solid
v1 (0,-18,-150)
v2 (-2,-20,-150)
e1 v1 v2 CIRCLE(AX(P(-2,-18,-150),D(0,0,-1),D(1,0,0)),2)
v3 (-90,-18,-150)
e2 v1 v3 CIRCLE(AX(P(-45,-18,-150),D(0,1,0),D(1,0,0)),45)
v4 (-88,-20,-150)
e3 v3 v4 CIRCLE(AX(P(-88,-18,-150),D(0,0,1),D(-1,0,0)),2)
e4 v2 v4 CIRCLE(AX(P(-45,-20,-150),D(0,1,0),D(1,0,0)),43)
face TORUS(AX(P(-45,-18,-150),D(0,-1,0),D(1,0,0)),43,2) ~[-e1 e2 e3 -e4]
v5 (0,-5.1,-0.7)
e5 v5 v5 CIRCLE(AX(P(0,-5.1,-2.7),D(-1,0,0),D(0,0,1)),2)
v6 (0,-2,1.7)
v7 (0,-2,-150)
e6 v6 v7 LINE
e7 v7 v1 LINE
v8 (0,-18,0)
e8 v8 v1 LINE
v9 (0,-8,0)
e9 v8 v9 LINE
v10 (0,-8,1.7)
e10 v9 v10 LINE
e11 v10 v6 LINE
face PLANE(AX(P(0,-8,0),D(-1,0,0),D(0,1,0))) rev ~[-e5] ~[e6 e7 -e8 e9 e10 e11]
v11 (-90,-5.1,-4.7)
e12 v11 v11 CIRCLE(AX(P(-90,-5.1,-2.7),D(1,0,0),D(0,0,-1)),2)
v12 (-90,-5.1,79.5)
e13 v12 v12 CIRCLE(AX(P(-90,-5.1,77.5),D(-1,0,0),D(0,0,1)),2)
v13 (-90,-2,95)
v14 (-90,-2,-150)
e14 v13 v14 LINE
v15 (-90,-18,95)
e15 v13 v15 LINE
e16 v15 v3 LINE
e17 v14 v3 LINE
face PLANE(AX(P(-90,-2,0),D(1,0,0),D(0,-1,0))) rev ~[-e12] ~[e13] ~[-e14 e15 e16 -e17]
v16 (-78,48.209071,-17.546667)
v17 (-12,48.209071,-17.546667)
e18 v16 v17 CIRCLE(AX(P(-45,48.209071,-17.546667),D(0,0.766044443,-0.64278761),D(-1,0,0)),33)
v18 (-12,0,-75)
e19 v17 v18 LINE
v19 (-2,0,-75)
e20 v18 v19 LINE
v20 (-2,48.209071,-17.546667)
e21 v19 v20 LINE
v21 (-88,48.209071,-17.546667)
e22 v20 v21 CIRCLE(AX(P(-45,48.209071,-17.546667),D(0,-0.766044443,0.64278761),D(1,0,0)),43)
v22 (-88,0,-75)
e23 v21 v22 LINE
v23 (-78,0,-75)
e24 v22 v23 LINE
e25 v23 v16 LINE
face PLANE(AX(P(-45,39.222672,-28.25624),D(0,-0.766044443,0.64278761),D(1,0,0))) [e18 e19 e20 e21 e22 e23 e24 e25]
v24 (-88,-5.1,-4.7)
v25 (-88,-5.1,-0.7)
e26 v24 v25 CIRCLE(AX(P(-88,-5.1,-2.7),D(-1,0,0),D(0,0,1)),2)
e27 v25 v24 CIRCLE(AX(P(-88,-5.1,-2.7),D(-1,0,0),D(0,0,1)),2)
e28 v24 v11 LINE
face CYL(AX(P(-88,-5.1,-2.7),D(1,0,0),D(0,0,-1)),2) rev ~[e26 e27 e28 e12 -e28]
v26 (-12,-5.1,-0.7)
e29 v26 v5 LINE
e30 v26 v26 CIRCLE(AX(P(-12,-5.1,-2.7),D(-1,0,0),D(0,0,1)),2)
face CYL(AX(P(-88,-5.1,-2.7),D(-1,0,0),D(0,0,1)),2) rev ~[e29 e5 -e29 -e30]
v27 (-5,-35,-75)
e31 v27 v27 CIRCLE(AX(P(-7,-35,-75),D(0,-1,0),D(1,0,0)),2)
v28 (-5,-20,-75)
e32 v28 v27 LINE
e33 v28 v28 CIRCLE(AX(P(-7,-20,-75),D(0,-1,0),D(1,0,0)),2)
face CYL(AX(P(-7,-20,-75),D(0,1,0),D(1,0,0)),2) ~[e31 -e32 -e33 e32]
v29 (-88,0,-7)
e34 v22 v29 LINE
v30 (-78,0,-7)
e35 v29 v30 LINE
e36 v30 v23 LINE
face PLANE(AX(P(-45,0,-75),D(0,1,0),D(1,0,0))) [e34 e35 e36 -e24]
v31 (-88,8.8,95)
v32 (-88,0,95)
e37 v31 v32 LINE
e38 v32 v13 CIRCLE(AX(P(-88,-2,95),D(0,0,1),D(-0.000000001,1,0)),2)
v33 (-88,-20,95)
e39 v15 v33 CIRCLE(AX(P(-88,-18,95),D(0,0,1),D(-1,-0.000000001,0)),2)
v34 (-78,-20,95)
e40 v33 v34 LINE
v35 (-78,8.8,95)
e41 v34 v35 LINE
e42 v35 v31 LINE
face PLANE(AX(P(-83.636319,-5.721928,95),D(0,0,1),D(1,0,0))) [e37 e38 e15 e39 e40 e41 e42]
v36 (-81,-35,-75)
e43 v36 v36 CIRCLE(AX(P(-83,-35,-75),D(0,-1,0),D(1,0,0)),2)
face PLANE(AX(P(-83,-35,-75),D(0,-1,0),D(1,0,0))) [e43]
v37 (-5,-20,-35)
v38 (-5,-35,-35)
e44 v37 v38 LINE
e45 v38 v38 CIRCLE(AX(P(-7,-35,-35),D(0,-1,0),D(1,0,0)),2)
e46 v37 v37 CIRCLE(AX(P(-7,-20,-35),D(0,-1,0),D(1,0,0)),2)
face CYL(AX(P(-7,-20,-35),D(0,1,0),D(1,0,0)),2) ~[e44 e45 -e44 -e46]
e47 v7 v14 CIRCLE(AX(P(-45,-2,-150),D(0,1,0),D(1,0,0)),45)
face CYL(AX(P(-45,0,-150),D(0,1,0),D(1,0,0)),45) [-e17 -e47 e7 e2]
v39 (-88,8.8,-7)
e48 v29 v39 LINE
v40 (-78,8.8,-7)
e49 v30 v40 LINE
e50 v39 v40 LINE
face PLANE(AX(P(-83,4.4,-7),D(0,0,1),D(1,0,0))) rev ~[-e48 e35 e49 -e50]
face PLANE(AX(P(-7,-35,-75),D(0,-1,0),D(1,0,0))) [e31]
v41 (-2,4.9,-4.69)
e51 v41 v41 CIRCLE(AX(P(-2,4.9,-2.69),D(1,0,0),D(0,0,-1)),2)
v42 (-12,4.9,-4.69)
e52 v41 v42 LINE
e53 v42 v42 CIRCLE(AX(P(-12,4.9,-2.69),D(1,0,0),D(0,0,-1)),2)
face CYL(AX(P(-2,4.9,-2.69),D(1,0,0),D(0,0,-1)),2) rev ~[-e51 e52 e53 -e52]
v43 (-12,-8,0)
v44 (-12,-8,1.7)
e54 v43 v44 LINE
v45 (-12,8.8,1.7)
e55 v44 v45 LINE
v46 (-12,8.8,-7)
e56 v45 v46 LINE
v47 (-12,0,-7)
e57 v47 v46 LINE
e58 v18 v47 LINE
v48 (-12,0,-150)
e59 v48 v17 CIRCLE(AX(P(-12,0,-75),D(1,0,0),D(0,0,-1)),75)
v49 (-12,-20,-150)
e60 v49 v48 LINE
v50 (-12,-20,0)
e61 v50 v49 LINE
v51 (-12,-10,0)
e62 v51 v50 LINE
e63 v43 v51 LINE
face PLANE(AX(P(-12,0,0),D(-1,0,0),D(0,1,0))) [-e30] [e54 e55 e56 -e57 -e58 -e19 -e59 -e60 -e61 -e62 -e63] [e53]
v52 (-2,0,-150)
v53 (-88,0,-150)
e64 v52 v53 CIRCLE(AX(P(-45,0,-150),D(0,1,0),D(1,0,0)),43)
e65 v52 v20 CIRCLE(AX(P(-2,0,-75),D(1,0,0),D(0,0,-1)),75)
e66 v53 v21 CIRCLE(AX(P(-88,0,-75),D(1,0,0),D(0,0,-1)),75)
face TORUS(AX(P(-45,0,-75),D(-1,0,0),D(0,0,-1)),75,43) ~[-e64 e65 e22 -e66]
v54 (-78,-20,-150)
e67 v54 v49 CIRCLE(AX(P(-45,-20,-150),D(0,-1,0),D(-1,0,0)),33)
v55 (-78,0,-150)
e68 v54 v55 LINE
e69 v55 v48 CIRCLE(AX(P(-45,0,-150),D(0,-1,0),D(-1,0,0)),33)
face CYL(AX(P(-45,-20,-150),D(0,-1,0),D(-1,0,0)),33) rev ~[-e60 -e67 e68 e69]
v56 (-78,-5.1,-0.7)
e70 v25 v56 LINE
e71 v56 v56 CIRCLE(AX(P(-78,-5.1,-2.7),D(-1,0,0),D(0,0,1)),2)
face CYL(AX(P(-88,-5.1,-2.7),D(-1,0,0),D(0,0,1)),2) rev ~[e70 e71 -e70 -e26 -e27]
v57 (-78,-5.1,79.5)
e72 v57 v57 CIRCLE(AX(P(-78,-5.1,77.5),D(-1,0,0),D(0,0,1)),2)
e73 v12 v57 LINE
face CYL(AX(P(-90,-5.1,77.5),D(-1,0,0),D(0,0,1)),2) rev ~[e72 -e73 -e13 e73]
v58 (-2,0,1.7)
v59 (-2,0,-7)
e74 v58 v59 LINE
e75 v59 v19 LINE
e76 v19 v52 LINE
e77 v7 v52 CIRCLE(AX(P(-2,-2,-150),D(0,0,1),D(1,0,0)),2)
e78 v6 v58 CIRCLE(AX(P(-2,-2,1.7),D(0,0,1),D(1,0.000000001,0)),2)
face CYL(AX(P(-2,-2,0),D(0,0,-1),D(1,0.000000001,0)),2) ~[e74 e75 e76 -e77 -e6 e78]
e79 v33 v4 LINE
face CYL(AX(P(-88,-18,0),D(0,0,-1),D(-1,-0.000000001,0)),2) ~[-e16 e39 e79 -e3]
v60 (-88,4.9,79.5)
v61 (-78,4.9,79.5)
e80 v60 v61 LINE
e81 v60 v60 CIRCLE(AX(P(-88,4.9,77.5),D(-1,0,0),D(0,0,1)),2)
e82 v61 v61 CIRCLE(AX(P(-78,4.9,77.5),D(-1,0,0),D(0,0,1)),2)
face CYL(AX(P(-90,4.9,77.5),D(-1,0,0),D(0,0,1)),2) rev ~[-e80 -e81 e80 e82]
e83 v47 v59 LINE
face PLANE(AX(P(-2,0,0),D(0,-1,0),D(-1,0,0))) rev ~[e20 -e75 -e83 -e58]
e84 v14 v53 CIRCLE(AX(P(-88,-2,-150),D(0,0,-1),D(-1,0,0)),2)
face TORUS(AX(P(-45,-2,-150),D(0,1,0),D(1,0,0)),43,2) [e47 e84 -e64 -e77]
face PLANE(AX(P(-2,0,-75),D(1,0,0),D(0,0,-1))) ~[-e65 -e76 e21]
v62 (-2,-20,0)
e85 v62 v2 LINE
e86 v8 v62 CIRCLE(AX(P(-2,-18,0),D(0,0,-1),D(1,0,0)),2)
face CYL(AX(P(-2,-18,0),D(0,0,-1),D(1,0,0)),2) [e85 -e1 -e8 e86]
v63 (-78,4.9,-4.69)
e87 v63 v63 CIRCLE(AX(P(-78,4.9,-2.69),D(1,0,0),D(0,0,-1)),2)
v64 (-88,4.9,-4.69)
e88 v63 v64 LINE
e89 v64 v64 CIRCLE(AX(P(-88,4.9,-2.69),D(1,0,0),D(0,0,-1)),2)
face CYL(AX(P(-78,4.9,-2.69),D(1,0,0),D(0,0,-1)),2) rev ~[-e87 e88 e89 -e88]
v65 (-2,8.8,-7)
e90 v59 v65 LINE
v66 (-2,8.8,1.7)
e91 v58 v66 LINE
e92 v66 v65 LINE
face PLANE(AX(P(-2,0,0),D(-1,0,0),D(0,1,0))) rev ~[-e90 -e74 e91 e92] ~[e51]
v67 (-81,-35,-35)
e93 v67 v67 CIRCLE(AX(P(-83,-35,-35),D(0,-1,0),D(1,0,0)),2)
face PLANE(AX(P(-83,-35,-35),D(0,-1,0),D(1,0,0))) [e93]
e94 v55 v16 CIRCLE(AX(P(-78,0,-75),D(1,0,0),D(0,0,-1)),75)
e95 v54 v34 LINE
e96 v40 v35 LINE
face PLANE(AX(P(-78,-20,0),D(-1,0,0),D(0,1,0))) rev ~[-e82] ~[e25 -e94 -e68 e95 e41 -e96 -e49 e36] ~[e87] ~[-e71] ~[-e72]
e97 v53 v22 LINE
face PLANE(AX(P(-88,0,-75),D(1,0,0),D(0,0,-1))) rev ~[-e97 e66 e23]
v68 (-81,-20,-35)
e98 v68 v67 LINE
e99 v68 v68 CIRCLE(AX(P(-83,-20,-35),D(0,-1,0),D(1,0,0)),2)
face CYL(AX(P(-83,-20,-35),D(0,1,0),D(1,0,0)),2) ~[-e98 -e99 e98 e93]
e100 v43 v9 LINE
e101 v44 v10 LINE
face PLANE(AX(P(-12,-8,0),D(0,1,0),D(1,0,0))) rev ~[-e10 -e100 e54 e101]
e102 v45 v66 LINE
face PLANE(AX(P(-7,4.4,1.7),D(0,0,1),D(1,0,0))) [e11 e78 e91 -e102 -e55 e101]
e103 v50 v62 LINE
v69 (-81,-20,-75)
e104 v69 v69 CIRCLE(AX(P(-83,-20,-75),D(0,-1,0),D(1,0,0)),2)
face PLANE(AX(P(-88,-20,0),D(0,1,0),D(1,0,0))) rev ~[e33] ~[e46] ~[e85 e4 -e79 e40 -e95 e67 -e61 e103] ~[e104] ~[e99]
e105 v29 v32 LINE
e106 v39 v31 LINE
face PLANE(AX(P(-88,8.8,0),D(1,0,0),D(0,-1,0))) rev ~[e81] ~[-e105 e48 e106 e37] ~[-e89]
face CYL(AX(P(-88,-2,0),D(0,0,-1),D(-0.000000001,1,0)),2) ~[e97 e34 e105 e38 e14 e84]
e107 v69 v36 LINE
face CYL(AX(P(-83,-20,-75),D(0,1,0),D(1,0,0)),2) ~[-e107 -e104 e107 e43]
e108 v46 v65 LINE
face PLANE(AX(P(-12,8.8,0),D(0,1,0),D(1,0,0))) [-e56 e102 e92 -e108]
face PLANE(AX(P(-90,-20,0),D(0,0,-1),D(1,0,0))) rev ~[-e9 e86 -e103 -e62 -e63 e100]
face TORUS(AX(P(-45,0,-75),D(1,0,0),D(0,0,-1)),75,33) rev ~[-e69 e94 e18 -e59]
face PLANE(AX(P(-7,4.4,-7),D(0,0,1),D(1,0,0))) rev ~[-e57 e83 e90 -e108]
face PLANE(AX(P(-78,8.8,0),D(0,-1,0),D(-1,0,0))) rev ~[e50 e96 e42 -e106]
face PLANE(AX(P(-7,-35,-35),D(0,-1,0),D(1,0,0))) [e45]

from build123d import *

# Parameters (mm, degrees)
BOSS_EXTRUDE1_DEPTH  = 20
FILLET1_R            = 2
CUT_EXTRUDE3_DEPTH   = 15
REVOLVE1_ANGLE       = 140
CUT_EXTRUDE5_DEPTH   = 20
SKETCH12_R           = 2
BOSS_EXTRUDE3_DEPTH  = 15
SKETCH14_W           = 90
SKETCH14_H           = 51.446942877
CUT_EXTRUDE6_DEPTH   = 10
SKETCH15_R           = 2
BOSS_EXTRUDE4_DEPTH  = 25
SKETCH19_W           = 2
SKETCH19_H           = 5
CUT_EXTRUDE7_DEPTH   = 150
SKETCH21_W           = 90
SKETCH21_H           = 51.374670228
CUT_EXTRUDE9_DEPTH   = 40
CUT_EXTRUDE10_DEPTH  = 20
BOSS_EXTRUDE6_DEPTH  = 1.7
SKETCH28_W           = 10
SKETCH28_H           = 8.8
BOSS_EXTRUDE7_DEPTH  = 7
SKETCH29_W           = 10
SKETCH29_H           = 8.8
BOSS_EXTRUDE8_DEPTH  = 1.7
SKETCH30_R           = 2
CUT_EXTRUDE11_DEPTH  = 89
SKETCH31_W           = 10
SKETCH31_H           = 8.8
BOSS_EXTRUDE9_DEPTH  = 7
SKETCH32_R           = 2
CUT_EXTRUDE12_DEPTH  = 20
SKETCH34_R           = 2
CUT_EXTRUDE13_DEPTH  = 89
SKETCH35_R           = 2
CUT_EXTRUDE14_DEPTH  = 20
BOSS_EXTRUDE10_DEPTH = 95
SKETCH39_R           = 2
CUT_EXTRUDE15_DEPTH  = 80


with BuildPart() as part:
    # Sketch1 → Boss-Extrude1 (new body)
    with BuildSketch(Plane(origin=(0, 0, 0), x_dir=(1, 0, 0), z_dir=(0, 1, 0))):
        with BuildLine():
            Line((0, 0), (0, 150))
            ThreePointArc((0, 150), (-45, 195), (-90, 150))
            Line((-90, 150), (-90, 0))
            ThreePointArc((-90, 0), (-45, -45), (0, 0))
        make_face()
    extrude(amount=-BOSS_EXTRUDE1_DEPTH)

    # Fillet1
    fillet1_edges = [part.edges().sort_by_distance(p)[0] for p in [
        (-45, -20, -195),
        (-90, -20, -75),
        (-45, -20, 45),
        (-90, 0, -75),
        (-45, 0, -195),
        (0, 0, -75),
        (-45, 0, 45),
        (0, -20, -75),
    ]]
    fillet(fillet1_edges, radius=FILLET1_R)

    # Sketch5 → Cut-Extrude3 (cut)
    with BuildSketch(Plane(origin=(0, 0, 0), x_dir=(1, 0, 0), z_dir=(0, 1, 0))):
        with BuildLine():
            Line((-78, 0), (-78, 150))
            ThreePointArc((-78, 150), (-45, 183), (-12, 150))
            Line((-12, 150), (-12, 0))
            ThreePointArc((-12, 0), (-45, -33), (-78, 0))
        make_face()
    extrude(amount=-CUT_EXTRUDE3_DEPTH, mode=Mode.SUBTRACT)

    # Sketch8 → Revolve1 (revolve)
    with BuildSketch(Plane(origin=(0, 0, 0), x_dir=(1, 0, 0), z_dir=(0, 1, 0))):
        with BuildLine():
            Line((-2, 75), (-2, 150))
            ThreePointArc((-2, 150), (-45, 193), (-88, 150))
            Line((-88, 150), (-88, 75))
            Line((-88, 75), (-78, 75))
            Line((-78, 75), (-78, 150))
            ThreePointArc((-78, 150), (-45, 183), (-12, 150))
            Line((-12, 150), (-12, 75))
            Line((-12, 75), (-2, 75))
        make_face()
    revolve(axis=Axis((-12, 0, -75), (1, 0, 0)), revolution_arc=REVOLVE1_ANGLE)

    # Sketch11 → Cut-Extrude5 (cut)
    with BuildSketch(Plane.XZ.offset(20)):
        with BuildLine():
            Line((-76, -150), (-76, 0))
            ThreePointArc((-76, 0), (-45, 31), (-14, 0))
            Line((-14, 0), (-14, -150))
            ThreePointArc((-14, -150), (-45, -181), (-76, -150))
        make_face()
    extrude(amount=-CUT_EXTRUDE5_DEPTH, mode=Mode.SUBTRACT)

    # Sketch12 → Boss-Extrude3 (add)
    with BuildSketch(Plane.XZ.offset(20)):
        with Locations((-83, -75)):
            Circle(SKETCH12_R)
        with Locations((-83, -35)):
            Circle(SKETCH12_R)
        with Locations((-83, 5)):
            Circle(SKETCH12_R)
        with Locations((-7, 5)):
            Circle(SKETCH12_R)
        with Locations((-7, -35)):
            Circle(SKETCH12_R)
        with Locations((-7, -75)):
            Circle(SKETCH12_R)
    extrude(amount=BOSS_EXTRUDE3_DEPTH)

    # Sketch14 → Cut-Extrude6 (cut)
    with BuildSketch(Plane.XZ.offset(20)):
        with Locations((-45, 25.723471439)):
            Rectangle(SKETCH14_W, SKETCH14_H)
    extrude(amount=-CUT_EXTRUDE6_DEPTH, mode=Mode.SUBTRACT)

    # Sketch15 → Boss-Extrude4 (add)
    with BuildSketch(Plane.XZ.offset(35)):
        with Locations((-7, 5)):
            Circle(SKETCH15_R)
        with Locations((-83, 5)):
            Circle(SKETCH15_R)
    extrude(amount=-BOSS_EXTRUDE4_DEPTH)

    # Sketch19 → Cut-Extrude7 (cut)
    with BuildSketch(Plane.XY):
        with Locations((-13, -17.5)):
            Rectangle(SKETCH19_W, SKETCH19_H)
        with Locations((-77, -17.5)):
            Rectangle(SKETCH19_W, SKETCH19_H)
    extrude(amount=-CUT_EXTRUDE7_DEPTH, mode=Mode.SUBTRACT)

    # Sketch21 → Cut-Extrude9 (cut)
    with BuildSketch(Plane(origin=(0, -35, 0), x_dir=(-1, 0, 0), z_dir=(0, -1, 0))):
        with Locations((45, -25.687335114)):
            Rectangle(SKETCH21_W, SKETCH21_H)
    extrude(amount=-CUT_EXTRUDE9_DEPTH, mode=Mode.SUBTRACT)

    # Sketch24 → Cut-Extrude10 (cut)
    with BuildSketch(Plane(origin=(0, -20, 0), x_dir=(-1, 0, 0), z_dir=(0, -1, 0))):
        with BuildLine():
            Line((12, 150), (14, 150))
            ThreePointArc((14, 150), (45, 181), (76, 150))
            Line((76, 150), (78, 150))
            ThreePointArc((78, 150), (45, 183), (12, 150))
        make_face()
    extrude(amount=-CUT_EXTRUDE10_DEPTH, mode=Mode.SUBTRACT)

    # Sketch26 → Boss-Extrude6 (add)
    with BuildSketch(Plane.XY):
        with BuildLine():
            Line((-2, 0), (-12, 0))
            Line((-12, 0), (-12, -8))
            Line((-12, -8), (-2, -8))
            Line((-2, -8), (0, -8))
            Line((0, -8), (0, -2))
            ThreePointArc((0, -2), (-0.585786438, -0.585786438), (-2, 0))
        make_face()
    extrude(amount=BOSS_EXTRUDE6_DEPTH)

    # Sketch28 → Boss-Extrude7 (add)
    with BuildSketch(Plane.XY):
        with Locations((-7, 4.4)):
            Rectangle(SKETCH28_W, SKETCH28_H)
    extrude(amount=-BOSS_EXTRUDE7_DEPTH)

    # Sketch29 → Boss-Extrude8 (add)
    with BuildSketch(Plane.XY):
        with Locations((-7, 4.4)):
            Rectangle(SKETCH29_W, SKETCH29_H)
    extrude(amount=BOSS_EXTRUDE8_DEPTH)

    # Sketch30 → Cut-Extrude11 (cut, through all)
    with BuildSketch(Plane(origin=(-2, 0, 0), x_dir=(0, 0, -1), z_dir=(1, 0, 0))):
        with Locations((2.69, 4.9)):
            Circle(SKETCH30_R)
    extrude(amount=-CUT_EXTRUDE11_DEPTH, mode=Mode.SUBTRACT)

    # Sketch31 → Boss-Extrude9 (add)
    with BuildSketch(Plane.XY):
        with Locations((-83, 4.4)):
            Rectangle(SKETCH31_W, SKETCH31_H)
    extrude(amount=-BOSS_EXTRUDE9_DEPTH)

    # Sketch32 → Cut-Extrude12 (cut)
    with BuildSketch(Plane(origin=(-78, 0, 0), x_dir=(0, 0, -1), z_dir=(1, 0, 0))):
        with Locations((2.69, 4.9)):
            Circle(SKETCH32_R)
    extrude(amount=-CUT_EXTRUDE12_DEPTH, mode=Mode.SUBTRACT)

    # Sketch34 → Cut-Extrude13 (cut, through all)
    with BuildSketch(Plane.ZY.offset(88)):
        with Locations((-2.7, -5.1)):
            Circle(SKETCH34_R)
    extrude(amount=-CUT_EXTRUDE13_DEPTH, mode=Mode.SUBTRACT)

    # Sketch35 → Cut-Extrude14 (cut)
    with BuildSketch(Plane(origin=(-88, 0, 0), x_dir=(0, 0, -1), z_dir=(1, 0, 0))):
        with Locations((2.7, -5.1)):
            Circle(SKETCH35_R)
    extrude(amount=-CUT_EXTRUDE14_DEPTH, mode=Mode.SUBTRACT)

    # Sketch36 → Boss-Extrude10 (add)
    with BuildSketch(Plane.XY):
        with BuildLine():
            Line((-88, -20), (-78, -20))
            Line((-78, -20), (-78, 8.8))
            Line((-78, 8.8), (-88, 8.8))
            Line((-88, 8.8), (-88, 0))
            ThreePointArc((-88, 0), (-89.414213562, -0.585786438), (-90, -2))
            Line((-90, -2), (-90, -18))
            ThreePointArc((-90, -18), (-89.414213562, -19.414213562), (-88, -20))
        make_face()
    extrude(amount=BOSS_EXTRUDE10_DEPTH)

    # Sketch39 → Cut-Extrude15 (cut)
    with BuildSketch(Plane.ZY.offset(90)):
        with Locations((77.5, -5.1)):
            Circle(SKETCH39_R)
        with Locations((77.5, 4.9)):
            Circle(SKETCH39_R)
    extrude(amount=-CUT_EXTRUDE15_DEPTH, mode=Mode.SUBTRACT)


solid = part.part
